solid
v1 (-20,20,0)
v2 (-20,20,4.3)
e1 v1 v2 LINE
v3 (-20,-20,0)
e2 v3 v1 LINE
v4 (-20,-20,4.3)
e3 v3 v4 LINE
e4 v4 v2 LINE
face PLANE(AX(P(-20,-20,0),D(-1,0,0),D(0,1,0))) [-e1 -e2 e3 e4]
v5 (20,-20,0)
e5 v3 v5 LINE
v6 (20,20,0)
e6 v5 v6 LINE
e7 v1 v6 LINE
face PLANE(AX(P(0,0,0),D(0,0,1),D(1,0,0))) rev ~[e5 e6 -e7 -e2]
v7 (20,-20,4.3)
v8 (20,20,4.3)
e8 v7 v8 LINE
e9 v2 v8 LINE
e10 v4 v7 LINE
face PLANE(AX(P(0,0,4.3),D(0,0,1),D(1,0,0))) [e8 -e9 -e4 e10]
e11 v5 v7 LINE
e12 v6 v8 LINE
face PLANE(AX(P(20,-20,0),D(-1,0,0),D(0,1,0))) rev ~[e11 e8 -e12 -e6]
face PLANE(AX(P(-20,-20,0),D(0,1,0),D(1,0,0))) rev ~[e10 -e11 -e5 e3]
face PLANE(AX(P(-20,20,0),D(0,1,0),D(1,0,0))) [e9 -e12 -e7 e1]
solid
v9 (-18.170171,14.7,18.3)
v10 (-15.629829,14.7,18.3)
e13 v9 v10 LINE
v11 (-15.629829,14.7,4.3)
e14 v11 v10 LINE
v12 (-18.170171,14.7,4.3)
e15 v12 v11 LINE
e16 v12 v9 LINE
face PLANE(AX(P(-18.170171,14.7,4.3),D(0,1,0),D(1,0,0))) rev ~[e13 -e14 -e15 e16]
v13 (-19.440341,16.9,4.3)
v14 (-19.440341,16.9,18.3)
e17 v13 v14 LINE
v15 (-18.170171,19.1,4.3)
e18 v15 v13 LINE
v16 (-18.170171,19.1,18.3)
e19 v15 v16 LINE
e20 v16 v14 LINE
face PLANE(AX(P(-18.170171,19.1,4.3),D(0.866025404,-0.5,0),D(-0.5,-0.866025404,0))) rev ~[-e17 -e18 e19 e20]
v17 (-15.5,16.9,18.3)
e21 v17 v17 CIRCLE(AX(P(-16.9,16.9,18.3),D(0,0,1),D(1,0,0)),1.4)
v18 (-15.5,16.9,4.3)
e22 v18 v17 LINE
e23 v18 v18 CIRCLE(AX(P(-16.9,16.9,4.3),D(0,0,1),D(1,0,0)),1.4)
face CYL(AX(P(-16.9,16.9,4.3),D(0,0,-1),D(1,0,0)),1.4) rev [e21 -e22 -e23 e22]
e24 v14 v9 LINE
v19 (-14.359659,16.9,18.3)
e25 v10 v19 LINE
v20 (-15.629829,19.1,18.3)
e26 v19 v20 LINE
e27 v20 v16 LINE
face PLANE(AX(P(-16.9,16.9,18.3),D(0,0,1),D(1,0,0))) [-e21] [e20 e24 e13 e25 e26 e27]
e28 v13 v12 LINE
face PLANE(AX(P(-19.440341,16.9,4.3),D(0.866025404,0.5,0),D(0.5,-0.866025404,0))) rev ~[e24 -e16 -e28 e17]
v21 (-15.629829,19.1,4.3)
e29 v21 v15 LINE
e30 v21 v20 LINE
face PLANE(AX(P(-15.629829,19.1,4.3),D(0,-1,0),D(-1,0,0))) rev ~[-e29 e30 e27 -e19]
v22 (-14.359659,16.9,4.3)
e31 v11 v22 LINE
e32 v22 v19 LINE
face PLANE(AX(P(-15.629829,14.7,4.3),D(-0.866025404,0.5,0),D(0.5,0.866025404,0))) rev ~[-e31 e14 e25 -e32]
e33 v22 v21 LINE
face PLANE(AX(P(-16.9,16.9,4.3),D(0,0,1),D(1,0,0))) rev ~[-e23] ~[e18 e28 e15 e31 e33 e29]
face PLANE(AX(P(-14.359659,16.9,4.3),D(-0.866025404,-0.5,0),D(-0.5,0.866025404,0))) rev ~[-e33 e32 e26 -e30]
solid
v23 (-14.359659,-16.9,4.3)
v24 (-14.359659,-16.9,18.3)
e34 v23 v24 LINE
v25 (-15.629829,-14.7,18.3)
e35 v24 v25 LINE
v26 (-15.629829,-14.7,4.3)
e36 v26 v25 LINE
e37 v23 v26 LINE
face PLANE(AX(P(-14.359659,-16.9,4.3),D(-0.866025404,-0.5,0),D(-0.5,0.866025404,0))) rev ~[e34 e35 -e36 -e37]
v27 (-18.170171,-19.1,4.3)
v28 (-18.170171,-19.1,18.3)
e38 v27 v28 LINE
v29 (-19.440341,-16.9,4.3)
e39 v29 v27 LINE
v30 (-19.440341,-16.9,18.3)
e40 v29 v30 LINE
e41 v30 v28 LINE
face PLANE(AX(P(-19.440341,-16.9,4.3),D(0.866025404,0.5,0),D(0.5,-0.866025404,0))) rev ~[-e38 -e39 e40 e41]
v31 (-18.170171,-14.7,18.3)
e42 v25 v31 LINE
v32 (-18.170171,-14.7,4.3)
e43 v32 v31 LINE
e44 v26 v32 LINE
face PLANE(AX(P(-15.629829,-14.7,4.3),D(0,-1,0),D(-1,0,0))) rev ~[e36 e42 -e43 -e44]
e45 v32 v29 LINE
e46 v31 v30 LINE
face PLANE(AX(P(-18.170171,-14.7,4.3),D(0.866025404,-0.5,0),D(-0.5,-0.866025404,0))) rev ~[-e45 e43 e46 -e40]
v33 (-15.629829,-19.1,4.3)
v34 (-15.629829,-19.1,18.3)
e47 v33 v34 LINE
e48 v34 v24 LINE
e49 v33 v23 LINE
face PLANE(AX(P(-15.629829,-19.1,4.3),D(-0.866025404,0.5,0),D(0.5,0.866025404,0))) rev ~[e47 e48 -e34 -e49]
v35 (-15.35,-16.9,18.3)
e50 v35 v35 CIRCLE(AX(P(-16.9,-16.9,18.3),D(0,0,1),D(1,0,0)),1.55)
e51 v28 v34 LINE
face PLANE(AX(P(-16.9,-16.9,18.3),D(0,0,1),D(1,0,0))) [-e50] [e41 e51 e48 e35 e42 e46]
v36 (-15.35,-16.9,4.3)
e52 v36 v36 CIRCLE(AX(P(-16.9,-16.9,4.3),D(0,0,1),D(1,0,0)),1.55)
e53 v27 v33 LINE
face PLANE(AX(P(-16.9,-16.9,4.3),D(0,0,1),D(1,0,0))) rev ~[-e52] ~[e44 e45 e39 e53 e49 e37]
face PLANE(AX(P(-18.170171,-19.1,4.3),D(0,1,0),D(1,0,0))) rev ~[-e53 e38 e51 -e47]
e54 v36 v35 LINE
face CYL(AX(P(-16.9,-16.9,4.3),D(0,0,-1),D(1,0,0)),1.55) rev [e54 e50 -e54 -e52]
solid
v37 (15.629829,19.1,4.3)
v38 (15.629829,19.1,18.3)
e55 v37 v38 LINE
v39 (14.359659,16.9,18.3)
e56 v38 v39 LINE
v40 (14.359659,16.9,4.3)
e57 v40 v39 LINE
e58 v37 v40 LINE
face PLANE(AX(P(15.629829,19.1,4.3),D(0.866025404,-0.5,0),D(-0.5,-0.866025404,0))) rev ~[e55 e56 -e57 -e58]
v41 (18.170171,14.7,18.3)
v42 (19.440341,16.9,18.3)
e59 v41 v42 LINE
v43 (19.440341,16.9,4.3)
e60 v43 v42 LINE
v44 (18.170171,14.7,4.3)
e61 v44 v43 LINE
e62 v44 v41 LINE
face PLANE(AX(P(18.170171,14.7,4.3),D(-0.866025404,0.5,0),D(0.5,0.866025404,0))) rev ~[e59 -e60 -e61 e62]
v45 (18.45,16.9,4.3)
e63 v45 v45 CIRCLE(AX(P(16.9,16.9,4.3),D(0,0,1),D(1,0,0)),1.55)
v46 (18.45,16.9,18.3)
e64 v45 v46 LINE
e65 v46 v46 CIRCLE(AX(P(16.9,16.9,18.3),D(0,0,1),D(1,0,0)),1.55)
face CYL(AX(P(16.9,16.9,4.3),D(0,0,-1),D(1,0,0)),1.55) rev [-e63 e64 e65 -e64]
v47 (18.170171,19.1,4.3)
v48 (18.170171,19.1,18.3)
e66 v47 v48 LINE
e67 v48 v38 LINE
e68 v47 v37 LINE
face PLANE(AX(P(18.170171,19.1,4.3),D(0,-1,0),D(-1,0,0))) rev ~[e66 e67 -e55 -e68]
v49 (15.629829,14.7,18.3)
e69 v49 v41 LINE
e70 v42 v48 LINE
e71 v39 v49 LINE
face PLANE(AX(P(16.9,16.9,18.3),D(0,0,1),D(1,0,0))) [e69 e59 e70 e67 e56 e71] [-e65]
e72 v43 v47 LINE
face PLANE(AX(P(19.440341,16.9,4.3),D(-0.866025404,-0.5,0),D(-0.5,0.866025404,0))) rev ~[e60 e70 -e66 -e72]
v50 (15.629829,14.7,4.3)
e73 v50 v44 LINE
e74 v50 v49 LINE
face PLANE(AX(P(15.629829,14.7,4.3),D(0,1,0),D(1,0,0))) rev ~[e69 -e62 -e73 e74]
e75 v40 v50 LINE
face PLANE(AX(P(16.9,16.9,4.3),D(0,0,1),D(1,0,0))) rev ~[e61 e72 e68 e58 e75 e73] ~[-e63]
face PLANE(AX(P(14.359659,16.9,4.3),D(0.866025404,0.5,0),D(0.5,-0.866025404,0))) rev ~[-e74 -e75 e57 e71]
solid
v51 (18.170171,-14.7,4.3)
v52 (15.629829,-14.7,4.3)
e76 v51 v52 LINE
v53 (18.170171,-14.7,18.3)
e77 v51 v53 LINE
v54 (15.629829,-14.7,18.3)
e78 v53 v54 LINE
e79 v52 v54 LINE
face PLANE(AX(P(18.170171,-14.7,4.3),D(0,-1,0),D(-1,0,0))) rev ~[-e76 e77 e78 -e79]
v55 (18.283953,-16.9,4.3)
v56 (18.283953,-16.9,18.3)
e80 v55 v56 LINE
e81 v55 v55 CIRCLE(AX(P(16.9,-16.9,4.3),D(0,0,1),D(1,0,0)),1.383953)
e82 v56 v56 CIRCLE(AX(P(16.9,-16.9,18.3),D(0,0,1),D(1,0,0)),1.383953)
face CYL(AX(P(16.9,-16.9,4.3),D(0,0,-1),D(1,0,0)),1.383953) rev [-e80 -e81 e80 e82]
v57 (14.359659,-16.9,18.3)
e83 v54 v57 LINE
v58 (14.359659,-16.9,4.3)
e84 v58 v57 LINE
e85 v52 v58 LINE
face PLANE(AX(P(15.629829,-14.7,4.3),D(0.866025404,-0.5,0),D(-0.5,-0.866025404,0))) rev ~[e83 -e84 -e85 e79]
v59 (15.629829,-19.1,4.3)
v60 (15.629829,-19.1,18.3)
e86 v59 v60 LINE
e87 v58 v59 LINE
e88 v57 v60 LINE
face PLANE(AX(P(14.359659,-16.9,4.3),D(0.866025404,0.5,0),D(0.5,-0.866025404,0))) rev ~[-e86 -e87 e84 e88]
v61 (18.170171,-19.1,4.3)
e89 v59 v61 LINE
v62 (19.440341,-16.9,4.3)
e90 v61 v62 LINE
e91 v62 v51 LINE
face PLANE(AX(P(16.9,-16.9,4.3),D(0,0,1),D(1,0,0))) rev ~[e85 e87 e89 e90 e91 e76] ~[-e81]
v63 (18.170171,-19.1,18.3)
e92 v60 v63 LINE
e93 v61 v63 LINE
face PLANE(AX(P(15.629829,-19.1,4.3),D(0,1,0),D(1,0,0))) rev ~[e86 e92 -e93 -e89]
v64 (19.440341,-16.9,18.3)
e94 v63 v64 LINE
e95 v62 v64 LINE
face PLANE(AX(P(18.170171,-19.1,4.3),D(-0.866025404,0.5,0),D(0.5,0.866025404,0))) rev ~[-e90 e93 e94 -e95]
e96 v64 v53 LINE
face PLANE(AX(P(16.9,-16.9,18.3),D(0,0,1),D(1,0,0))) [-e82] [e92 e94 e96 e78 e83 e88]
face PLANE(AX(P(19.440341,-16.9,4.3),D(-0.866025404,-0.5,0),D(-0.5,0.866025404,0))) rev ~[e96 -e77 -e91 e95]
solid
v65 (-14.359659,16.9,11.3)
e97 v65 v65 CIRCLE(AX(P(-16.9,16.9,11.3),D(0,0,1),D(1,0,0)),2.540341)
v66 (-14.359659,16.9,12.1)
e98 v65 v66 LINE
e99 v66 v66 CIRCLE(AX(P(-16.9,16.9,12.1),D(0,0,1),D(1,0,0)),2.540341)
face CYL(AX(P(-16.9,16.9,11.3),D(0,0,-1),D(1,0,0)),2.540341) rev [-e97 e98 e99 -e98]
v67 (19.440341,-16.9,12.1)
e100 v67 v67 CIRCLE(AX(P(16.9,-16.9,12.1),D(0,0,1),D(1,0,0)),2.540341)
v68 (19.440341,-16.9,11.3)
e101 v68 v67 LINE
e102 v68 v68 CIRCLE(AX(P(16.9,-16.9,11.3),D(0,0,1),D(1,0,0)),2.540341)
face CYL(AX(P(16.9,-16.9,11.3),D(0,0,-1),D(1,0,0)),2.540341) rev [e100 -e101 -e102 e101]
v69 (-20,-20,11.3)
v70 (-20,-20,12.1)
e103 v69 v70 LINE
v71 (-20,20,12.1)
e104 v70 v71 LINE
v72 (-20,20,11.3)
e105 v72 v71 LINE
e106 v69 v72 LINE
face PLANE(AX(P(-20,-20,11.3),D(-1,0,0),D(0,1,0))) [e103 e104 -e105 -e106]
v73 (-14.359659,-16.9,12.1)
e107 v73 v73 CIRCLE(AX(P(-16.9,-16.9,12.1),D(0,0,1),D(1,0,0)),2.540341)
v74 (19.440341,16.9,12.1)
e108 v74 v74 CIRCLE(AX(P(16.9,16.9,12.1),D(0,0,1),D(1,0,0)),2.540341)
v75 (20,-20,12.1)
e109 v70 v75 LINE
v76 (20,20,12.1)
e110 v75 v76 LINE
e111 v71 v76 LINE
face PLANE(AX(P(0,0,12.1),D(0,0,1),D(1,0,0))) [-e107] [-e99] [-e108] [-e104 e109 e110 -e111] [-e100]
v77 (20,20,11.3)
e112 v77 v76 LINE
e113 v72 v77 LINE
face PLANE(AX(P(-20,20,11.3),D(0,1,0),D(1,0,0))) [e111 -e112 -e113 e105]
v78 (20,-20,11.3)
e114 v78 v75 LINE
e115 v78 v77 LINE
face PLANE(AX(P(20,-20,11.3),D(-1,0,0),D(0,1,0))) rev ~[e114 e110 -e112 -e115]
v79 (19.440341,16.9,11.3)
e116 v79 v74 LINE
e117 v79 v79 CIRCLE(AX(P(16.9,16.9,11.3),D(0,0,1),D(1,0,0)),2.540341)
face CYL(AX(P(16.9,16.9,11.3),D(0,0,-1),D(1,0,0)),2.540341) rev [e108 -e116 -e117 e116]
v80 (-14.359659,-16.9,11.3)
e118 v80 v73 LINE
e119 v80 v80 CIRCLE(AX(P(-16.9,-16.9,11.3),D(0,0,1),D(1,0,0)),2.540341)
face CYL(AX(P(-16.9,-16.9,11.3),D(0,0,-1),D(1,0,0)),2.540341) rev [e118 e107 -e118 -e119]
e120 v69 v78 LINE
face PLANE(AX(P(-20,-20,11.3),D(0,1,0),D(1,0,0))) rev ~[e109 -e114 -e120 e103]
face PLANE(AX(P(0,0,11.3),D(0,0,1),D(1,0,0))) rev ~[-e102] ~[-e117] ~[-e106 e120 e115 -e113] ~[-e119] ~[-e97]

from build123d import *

# Parameters (mm, degrees)
SKETCH1_W             = 40
SKETCH1_H             = 40
BOSS_EXTRUDE1_DEPTH   = 4.3
SKETCH2_R             = 1.4
BOSS_EXTRUDE2_DEPTH   = 14
SKETCH2_R_2           = 1.55
BOSS_EXTRUDE2_2_DEPTH = 14
BOSS_EXTRUDE2_3_DEPTH = 14
SKETCH2_R_3           = 1.383952534
BOSS_EXTRUDE2_4_DEPTH = 14
SKETCH4_W             = 40
SKETCH4_H             = 40
SKETCH4_R             = 2.540341184
BOSS_EXTRUDE3_DEPTH   = 0.8


with BuildPart() as part:
    # Sketch1 → Boss-Extrude1 (new body)
    with BuildSketch(Plane.XY):
        Rectangle(SKETCH1_W, SKETCH1_H)
    extrude(amount=BOSS_EXTRUDE1_DEPTH)


with BuildPart() as body_2:
    # Sketch2 → Boss-Extrude2 (new body)
    with BuildSketch(Plane.XY.offset(4.3)):
        Polygon((-14.359658816, 16.9), (-15.629829408, 19.1), (-18.170170592, 19.1), (-19.440341184, 16.9), (-18.170170592, 14.7), (-15.629829408, 14.7), align=None)
        with Locations((-16.9, 16.9)):
            Circle(SKETCH2_R, mode=Mode.SUBTRACT)
    extrude(amount=BOSS_EXTRUDE2_DEPTH)


with BuildPart() as body_3:
    # Sketch2 → Boss-Extrude2 2 (new body)
    with BuildSketch(Plane.XY.offset(4.3)):
        Polygon((14.359658816, 16.9), (15.629829408, 14.7), (18.170170592, 14.7), (19.440341184, 16.9), (18.170170592, 19.1), (15.629829408, 19.1), align=None)
        with Locations((16.9, 16.9)):
            Circle(SKETCH2_R_2, mode=Mode.SUBTRACT)
    extrude(amount=BOSS_EXTRUDE2_2_DEPTH)


with BuildPart() as body_4:
    # Sketch2 → Boss-Extrude2 3 (new body)
    with BuildSketch(Plane.XY.offset(4.3)):
        Polygon((-14.359658816, -16.9), (-15.629829408, -14.7), (-18.170170592, -14.7), (-19.440341184, -16.9), (-18.170170592, -19.1), (-15.629829408, -19.1), align=None)
        with Locations((-16.9, -16.9)):
            Circle(SKETCH2_R_2, mode=Mode.SUBTRACT)
    extrude(amount=BOSS_EXTRUDE2_3_DEPTH)


with BuildPart() as body_5:
    # Sketch2 → Boss-Extrude2 4 (new body)
    with BuildSketch(Plane.XY.offset(4.3)):
        Polygon((19.440341184, -16.9), (18.170170592, -14.7), (15.629829408, -14.7), (14.359658816, -16.9), (15.629829408, -19.1), (18.170170592, -19.1), align=None)
        with Locations((16.9, -16.9)):
            Circle(SKETCH2_R_3, mode=Mode.SUBTRACT)
    extrude(amount=BOSS_EXTRUDE2_4_DEPTH)


with BuildPart() as body_6:
    # Sketch4 → Boss-Extrude3 (new body)
    with BuildSketch(Plane.XY.offset(11.3)):
        Rectangle(SKETCH4_W, SKETCH4_H)
        with Locations((-16.9, 16.9)):
            Circle(SKETCH4_R, mode=Mode.SUBTRACT)
        with Locations((16.9, 16.9)):
            Circle(SKETCH4_R, mode=Mode.SUBTRACT)
        with Locations((16.9, -16.9)):
            Circle(SKETCH4_R, mode=Mode.SUBTRACT)
        with Locations((-16.9, -16.9)):
            Circle(SKETCH4_R, mode=Mode.SUBTRACT)
    extrude(amount=BOSS_EXTRUDE3_DEPTH)


solid = Compound([part.part, body_2.part, body_3.part, body_4.part, body_5.part, body_6.part])
